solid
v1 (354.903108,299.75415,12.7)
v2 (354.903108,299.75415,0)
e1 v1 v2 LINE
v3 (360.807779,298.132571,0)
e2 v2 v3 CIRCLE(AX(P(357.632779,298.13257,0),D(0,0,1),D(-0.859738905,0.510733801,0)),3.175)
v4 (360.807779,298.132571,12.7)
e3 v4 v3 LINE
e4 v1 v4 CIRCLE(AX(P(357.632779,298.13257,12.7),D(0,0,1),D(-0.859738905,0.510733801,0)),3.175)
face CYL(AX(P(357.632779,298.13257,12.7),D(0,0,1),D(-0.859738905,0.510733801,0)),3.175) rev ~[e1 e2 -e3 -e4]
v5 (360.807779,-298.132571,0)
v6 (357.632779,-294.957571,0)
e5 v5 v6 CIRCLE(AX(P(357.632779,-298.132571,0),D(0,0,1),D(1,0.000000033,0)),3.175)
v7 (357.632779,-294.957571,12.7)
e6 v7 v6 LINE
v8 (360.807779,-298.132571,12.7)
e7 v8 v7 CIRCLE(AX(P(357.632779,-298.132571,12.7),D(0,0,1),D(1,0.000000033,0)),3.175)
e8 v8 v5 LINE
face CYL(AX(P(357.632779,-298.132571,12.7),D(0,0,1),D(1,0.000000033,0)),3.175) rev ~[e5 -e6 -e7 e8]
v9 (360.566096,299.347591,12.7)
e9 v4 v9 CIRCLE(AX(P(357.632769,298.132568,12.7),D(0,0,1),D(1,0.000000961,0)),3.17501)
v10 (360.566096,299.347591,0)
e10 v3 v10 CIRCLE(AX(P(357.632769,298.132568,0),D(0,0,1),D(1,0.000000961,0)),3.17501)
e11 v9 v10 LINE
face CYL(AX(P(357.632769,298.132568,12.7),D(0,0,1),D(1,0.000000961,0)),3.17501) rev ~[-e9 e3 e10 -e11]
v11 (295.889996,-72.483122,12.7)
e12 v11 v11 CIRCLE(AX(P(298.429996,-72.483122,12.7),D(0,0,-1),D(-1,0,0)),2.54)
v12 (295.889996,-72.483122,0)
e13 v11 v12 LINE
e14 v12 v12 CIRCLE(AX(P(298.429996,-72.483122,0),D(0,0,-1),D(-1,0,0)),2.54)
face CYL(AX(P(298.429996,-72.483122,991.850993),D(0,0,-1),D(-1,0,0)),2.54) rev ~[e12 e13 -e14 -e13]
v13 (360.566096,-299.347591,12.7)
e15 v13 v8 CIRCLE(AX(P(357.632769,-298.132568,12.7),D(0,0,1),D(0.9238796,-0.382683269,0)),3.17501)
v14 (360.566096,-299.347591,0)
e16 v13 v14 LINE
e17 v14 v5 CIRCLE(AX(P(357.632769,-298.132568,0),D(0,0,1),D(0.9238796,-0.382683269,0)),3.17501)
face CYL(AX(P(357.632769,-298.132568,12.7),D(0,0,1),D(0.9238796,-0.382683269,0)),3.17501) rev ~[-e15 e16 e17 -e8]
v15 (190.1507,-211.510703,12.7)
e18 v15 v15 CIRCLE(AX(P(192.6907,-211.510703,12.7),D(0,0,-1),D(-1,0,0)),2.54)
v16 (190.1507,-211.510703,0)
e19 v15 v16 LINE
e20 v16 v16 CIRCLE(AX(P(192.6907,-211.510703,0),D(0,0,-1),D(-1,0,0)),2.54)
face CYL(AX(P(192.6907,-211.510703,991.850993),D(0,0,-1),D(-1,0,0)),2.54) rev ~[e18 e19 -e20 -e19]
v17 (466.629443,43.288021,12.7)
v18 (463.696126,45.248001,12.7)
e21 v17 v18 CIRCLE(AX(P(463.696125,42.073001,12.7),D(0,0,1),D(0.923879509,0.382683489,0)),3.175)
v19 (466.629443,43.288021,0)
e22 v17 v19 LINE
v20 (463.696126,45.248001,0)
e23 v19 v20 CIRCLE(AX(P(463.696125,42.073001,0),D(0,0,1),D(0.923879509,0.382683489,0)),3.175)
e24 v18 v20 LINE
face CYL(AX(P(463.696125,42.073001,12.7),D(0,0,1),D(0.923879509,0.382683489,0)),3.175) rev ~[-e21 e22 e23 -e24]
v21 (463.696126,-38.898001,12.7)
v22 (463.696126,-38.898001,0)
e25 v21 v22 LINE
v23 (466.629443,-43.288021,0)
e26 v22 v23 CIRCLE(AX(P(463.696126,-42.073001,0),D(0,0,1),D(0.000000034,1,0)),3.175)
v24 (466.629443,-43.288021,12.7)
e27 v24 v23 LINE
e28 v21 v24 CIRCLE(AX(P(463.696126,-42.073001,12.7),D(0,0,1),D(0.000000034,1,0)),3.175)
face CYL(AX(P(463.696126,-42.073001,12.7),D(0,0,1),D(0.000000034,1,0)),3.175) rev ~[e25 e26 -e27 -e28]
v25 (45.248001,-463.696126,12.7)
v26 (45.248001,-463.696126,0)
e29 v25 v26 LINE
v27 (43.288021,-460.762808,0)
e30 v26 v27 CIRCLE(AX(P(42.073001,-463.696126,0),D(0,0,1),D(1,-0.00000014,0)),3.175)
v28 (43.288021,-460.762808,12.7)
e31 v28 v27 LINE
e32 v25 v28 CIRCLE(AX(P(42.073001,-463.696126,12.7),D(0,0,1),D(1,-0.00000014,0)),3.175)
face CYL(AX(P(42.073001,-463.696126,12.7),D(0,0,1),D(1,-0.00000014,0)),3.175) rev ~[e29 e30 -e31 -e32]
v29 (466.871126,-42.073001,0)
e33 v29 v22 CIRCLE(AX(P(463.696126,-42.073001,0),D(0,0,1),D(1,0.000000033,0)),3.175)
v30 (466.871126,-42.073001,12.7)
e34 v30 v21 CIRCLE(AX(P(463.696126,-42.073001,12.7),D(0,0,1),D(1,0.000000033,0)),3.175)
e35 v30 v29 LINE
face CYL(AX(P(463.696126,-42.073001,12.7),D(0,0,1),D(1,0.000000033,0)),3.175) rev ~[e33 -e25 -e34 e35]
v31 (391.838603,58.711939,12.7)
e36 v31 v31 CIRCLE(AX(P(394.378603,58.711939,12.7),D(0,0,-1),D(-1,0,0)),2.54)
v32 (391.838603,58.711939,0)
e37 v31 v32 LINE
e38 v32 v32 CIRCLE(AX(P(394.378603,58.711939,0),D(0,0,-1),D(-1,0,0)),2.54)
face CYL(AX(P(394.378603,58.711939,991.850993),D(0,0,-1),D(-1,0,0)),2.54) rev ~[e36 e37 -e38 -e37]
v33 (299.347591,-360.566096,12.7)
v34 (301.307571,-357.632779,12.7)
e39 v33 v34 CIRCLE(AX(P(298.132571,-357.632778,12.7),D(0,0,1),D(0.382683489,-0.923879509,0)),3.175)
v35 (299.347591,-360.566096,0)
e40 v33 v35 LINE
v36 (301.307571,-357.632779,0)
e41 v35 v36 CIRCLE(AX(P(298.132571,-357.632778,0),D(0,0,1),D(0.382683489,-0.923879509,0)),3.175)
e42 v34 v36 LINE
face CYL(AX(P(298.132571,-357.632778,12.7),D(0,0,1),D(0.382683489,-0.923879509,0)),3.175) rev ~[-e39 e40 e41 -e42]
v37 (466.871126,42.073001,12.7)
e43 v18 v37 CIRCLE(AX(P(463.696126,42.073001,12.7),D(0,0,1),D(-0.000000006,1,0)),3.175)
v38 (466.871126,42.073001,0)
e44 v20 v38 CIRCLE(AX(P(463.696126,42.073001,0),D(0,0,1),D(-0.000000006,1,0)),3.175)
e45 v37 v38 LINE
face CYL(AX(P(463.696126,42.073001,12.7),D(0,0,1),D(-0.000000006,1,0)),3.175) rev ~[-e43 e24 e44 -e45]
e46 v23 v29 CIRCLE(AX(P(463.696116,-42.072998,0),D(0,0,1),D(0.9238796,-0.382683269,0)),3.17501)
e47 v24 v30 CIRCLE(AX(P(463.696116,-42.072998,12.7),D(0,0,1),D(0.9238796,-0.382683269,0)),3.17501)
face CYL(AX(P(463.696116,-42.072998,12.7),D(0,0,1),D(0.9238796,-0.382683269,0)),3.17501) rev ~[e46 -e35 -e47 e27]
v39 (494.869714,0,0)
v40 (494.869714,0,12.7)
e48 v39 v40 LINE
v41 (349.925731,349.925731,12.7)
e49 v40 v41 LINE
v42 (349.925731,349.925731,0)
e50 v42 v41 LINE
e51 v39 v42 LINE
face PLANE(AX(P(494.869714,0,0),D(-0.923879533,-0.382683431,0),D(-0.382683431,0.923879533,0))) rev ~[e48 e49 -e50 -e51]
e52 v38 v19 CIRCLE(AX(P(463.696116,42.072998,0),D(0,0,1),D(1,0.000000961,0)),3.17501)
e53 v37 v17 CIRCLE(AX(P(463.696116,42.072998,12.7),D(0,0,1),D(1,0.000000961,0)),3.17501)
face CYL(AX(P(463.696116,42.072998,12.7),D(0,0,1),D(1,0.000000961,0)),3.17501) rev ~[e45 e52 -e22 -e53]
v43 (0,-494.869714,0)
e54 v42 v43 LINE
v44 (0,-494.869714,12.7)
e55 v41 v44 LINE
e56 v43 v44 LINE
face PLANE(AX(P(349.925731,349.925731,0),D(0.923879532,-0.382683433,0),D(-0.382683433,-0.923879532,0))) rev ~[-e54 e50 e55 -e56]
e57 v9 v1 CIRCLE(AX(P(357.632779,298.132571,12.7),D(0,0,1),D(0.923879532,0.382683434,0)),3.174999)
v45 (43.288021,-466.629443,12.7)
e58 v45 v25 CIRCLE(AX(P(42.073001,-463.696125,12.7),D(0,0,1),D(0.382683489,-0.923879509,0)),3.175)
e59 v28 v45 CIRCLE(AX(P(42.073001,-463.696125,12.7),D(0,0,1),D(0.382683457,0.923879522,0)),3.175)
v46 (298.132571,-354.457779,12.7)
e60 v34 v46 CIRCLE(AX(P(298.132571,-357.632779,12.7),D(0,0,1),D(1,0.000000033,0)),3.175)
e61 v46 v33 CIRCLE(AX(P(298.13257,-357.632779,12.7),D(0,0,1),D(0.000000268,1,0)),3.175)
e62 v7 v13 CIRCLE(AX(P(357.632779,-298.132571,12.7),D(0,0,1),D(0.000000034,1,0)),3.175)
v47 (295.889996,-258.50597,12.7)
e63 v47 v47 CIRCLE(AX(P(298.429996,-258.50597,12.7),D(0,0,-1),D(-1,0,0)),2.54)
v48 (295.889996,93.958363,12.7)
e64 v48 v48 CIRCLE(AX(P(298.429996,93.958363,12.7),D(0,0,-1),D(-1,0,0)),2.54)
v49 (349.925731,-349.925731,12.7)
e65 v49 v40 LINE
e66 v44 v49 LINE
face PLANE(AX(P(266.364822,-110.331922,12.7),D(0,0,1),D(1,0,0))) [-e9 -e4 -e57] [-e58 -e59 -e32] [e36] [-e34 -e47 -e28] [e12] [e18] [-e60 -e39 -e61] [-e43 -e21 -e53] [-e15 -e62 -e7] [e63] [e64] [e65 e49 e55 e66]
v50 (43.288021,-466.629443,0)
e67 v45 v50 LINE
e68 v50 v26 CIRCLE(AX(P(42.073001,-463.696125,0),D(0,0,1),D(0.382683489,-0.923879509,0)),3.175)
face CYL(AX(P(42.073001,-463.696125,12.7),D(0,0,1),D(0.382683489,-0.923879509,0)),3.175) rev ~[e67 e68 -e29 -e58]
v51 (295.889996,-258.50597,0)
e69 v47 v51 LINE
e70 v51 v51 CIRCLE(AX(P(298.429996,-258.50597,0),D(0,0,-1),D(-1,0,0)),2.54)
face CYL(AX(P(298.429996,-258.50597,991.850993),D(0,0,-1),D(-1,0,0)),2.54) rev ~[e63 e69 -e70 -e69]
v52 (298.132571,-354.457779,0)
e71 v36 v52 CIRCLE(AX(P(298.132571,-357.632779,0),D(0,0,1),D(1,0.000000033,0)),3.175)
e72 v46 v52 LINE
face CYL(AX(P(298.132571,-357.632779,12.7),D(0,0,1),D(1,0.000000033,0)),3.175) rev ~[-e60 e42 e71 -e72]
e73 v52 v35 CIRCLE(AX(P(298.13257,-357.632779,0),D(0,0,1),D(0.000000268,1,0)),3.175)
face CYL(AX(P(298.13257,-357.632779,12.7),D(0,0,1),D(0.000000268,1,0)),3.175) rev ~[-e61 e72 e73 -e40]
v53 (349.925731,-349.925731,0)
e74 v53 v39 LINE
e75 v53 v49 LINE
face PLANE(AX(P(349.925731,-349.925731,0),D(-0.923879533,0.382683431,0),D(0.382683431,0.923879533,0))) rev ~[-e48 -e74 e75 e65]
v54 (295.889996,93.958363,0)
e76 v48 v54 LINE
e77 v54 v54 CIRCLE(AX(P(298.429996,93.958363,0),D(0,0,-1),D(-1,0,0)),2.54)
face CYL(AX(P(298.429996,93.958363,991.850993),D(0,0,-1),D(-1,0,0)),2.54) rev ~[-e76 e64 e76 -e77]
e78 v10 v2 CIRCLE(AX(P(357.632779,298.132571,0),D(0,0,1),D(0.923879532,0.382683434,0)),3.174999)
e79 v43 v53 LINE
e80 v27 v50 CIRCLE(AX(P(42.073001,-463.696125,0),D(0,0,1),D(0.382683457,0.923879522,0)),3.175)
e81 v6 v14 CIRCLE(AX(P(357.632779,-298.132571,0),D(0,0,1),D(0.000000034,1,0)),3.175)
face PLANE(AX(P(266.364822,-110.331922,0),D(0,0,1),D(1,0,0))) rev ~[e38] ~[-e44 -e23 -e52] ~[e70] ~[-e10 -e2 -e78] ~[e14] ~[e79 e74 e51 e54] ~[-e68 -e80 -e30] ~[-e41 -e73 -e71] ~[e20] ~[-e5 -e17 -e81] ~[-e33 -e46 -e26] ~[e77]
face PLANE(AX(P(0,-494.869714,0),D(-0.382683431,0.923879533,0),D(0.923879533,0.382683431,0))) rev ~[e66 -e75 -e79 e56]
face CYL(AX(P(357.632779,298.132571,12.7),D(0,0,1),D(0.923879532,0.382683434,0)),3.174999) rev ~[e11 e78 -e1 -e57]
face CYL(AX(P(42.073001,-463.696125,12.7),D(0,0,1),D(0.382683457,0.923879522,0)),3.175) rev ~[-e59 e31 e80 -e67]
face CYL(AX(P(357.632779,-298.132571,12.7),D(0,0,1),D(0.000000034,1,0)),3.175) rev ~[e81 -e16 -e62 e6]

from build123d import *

# Parameters (mm, degrees)
F1_DEPTH = 12.7
F3_DEPTH = 12.701
F5_D     = 5.08


with BuildPart() as f1:
    # F0 (on Top) → F1 (new body)
    with BuildSketch(Plane.XY):
        Polygon((349.925731, -349.925731), (494.869714, 0), (349.925731, 349.925731), (0, -494.869714), align=None)
    extrude(amount=F1_DEPTH)

    # F2 (on face) → F3 (cut, through all)
    with BuildSketch(Plane.XY.offset(12.7)):
        with BuildLine():
            Line((357.632779, 298.132571), (354.903108, 299.75415))
            ThreePointArc((354.903108, 299.75415), (356.79197, 295.070926), (360.807779, 298.132571))
            ThreePointArc((360.807779, 298.132571), (360.746772, 298.751982), (360.566096, 299.347591))
            Line((360.566096, 299.347591), (357.632779, 298.132571))
        make_face()
        with BuildLine():
            ThreePointArc((360.566096, 299.347591), (357.860135, 301.29942), (354.903108, 299.75415))
            Line((354.903108, 299.75415), (357.632779, 298.132571))
            Line((357.632779, 298.132571), (360.566096, 299.347591))
        make_face()
        with BuildLine():
            Line((463.696126, 42.073001), (463.696126, 45.248001))
            ThreePointArc((463.696126, 45.248001), (461.451062, 39.827937), (466.871126, 42.073001))
            ThreePointArc((466.871126, 42.073001), (466.810119, 42.692412), (466.629443, 43.288021))
            Line((466.629443, 43.288021), (463.696126, 42.073001))
        make_face()
        with BuildLine():
            ThreePointArc((466.629443, 43.288021), (465.460061, 44.712917), (463.696126, 45.248001))
            Line((463.696126, 45.248001), (463.696126, 42.073001))
            Line((463.696126, 42.073001), (466.629443, 43.288021))
        make_face()
        with BuildLine():
            ThreePointArc((466.629443, -43.288021), (466.810119, -42.692412), (466.871126, -42.073001))
            ThreePointArc((466.871126, -42.073001), (465.94119, -39.827937), (463.696126, -38.898001))
            Line((463.696126, -38.898001), (463.696126, -42.073001))
            Line((463.696126, -42.073001), (466.629443, -43.288021))
        make_face()
        with BuildLine():
            Line((463.696126, -42.073001), (463.696126, -38.898001))
            ThreePointArc((463.696126, -38.898001), (461.05621, -43.836936), (466.629443, -43.288021))
            Line((466.629443, -43.288021), (463.696126, -42.073001))
        make_face()
        with BuildLine():
            ThreePointArc((360.566096, -299.347591), (360.746772, -298.751982), (360.807779, -298.132571))
            ThreePointArc((360.807779, -298.132571), (359.877843, -295.887507), (357.632779, -294.957571))
            Line((357.632779, -294.957571), (357.632779, -298.132571))
            Line((357.632779, -298.132571), (360.566096, -299.347591))
        make_face()
        with BuildLine():
            Line((357.632779, -298.132571), (357.632779, -294.957571))
            ThreePointArc((357.632779, -294.957571), (354.992863, -299.896506), (360.566096, -299.347591))
            Line((360.566096, -299.347591), (357.632779, -298.132571))
        make_face()
        with BuildLine():
            ThreePointArc((299.347591, -360.566096), (300.772487, -359.396714), (301.307571, -357.632779))
            ThreePointArc((301.307571, -357.632779), (300.377635, -355.387715), (298.132571, -354.457779))
            Line((298.132571, -354.457779), (298.132571, -357.632779))
            Line((298.132571, -357.632779), (299.347591, -360.566096))
        make_face()
        with BuildLine():
            Line((298.132571, -357.632779), (298.132571, -354.457779))
            ThreePointArc((298.132571, -354.457779), (295.018577, -358.252191), (299.347591, -360.566096))
            Line((299.347591, -360.566096), (298.132571, -357.632779))
        make_face()
        with BuildLine():
            ThreePointArc((43.288021, -466.629443), (44.712917, -465.460061), (45.248001, -463.696126))
            ThreePointArc((45.248001, -463.696126), (44.712917, -461.93219), (43.288021, -460.762808))
            Line((43.288021, -460.762808), (42.073001, -463.696126))
            Line((42.073001, -463.696126), (43.288021, -466.629443))
        make_face()
        with BuildLine():
            Line((42.073001, -463.696126), (43.288021, -460.762808))
            ThreePointArc((43.288021, -460.762808), (38.898001, -463.696126), (43.288021, -466.629443))
            Line((43.288021, -466.629443), (42.073001, -463.696126))
        make_face()
    extrude(amount=-F3_DEPTH, mode=Mode.SUBTRACT)

    # F5 (through all)
    with Locations(Plane.XY.offset(12.7)):
        with Locations((298.429996, 93.958363), (394.378603, 58.711939), (298.429996, -72.483122), (192.6907, -211.510703), (298.429996, -258.50597)):
            Hole(F5_D / 2)


solid = f1.part
